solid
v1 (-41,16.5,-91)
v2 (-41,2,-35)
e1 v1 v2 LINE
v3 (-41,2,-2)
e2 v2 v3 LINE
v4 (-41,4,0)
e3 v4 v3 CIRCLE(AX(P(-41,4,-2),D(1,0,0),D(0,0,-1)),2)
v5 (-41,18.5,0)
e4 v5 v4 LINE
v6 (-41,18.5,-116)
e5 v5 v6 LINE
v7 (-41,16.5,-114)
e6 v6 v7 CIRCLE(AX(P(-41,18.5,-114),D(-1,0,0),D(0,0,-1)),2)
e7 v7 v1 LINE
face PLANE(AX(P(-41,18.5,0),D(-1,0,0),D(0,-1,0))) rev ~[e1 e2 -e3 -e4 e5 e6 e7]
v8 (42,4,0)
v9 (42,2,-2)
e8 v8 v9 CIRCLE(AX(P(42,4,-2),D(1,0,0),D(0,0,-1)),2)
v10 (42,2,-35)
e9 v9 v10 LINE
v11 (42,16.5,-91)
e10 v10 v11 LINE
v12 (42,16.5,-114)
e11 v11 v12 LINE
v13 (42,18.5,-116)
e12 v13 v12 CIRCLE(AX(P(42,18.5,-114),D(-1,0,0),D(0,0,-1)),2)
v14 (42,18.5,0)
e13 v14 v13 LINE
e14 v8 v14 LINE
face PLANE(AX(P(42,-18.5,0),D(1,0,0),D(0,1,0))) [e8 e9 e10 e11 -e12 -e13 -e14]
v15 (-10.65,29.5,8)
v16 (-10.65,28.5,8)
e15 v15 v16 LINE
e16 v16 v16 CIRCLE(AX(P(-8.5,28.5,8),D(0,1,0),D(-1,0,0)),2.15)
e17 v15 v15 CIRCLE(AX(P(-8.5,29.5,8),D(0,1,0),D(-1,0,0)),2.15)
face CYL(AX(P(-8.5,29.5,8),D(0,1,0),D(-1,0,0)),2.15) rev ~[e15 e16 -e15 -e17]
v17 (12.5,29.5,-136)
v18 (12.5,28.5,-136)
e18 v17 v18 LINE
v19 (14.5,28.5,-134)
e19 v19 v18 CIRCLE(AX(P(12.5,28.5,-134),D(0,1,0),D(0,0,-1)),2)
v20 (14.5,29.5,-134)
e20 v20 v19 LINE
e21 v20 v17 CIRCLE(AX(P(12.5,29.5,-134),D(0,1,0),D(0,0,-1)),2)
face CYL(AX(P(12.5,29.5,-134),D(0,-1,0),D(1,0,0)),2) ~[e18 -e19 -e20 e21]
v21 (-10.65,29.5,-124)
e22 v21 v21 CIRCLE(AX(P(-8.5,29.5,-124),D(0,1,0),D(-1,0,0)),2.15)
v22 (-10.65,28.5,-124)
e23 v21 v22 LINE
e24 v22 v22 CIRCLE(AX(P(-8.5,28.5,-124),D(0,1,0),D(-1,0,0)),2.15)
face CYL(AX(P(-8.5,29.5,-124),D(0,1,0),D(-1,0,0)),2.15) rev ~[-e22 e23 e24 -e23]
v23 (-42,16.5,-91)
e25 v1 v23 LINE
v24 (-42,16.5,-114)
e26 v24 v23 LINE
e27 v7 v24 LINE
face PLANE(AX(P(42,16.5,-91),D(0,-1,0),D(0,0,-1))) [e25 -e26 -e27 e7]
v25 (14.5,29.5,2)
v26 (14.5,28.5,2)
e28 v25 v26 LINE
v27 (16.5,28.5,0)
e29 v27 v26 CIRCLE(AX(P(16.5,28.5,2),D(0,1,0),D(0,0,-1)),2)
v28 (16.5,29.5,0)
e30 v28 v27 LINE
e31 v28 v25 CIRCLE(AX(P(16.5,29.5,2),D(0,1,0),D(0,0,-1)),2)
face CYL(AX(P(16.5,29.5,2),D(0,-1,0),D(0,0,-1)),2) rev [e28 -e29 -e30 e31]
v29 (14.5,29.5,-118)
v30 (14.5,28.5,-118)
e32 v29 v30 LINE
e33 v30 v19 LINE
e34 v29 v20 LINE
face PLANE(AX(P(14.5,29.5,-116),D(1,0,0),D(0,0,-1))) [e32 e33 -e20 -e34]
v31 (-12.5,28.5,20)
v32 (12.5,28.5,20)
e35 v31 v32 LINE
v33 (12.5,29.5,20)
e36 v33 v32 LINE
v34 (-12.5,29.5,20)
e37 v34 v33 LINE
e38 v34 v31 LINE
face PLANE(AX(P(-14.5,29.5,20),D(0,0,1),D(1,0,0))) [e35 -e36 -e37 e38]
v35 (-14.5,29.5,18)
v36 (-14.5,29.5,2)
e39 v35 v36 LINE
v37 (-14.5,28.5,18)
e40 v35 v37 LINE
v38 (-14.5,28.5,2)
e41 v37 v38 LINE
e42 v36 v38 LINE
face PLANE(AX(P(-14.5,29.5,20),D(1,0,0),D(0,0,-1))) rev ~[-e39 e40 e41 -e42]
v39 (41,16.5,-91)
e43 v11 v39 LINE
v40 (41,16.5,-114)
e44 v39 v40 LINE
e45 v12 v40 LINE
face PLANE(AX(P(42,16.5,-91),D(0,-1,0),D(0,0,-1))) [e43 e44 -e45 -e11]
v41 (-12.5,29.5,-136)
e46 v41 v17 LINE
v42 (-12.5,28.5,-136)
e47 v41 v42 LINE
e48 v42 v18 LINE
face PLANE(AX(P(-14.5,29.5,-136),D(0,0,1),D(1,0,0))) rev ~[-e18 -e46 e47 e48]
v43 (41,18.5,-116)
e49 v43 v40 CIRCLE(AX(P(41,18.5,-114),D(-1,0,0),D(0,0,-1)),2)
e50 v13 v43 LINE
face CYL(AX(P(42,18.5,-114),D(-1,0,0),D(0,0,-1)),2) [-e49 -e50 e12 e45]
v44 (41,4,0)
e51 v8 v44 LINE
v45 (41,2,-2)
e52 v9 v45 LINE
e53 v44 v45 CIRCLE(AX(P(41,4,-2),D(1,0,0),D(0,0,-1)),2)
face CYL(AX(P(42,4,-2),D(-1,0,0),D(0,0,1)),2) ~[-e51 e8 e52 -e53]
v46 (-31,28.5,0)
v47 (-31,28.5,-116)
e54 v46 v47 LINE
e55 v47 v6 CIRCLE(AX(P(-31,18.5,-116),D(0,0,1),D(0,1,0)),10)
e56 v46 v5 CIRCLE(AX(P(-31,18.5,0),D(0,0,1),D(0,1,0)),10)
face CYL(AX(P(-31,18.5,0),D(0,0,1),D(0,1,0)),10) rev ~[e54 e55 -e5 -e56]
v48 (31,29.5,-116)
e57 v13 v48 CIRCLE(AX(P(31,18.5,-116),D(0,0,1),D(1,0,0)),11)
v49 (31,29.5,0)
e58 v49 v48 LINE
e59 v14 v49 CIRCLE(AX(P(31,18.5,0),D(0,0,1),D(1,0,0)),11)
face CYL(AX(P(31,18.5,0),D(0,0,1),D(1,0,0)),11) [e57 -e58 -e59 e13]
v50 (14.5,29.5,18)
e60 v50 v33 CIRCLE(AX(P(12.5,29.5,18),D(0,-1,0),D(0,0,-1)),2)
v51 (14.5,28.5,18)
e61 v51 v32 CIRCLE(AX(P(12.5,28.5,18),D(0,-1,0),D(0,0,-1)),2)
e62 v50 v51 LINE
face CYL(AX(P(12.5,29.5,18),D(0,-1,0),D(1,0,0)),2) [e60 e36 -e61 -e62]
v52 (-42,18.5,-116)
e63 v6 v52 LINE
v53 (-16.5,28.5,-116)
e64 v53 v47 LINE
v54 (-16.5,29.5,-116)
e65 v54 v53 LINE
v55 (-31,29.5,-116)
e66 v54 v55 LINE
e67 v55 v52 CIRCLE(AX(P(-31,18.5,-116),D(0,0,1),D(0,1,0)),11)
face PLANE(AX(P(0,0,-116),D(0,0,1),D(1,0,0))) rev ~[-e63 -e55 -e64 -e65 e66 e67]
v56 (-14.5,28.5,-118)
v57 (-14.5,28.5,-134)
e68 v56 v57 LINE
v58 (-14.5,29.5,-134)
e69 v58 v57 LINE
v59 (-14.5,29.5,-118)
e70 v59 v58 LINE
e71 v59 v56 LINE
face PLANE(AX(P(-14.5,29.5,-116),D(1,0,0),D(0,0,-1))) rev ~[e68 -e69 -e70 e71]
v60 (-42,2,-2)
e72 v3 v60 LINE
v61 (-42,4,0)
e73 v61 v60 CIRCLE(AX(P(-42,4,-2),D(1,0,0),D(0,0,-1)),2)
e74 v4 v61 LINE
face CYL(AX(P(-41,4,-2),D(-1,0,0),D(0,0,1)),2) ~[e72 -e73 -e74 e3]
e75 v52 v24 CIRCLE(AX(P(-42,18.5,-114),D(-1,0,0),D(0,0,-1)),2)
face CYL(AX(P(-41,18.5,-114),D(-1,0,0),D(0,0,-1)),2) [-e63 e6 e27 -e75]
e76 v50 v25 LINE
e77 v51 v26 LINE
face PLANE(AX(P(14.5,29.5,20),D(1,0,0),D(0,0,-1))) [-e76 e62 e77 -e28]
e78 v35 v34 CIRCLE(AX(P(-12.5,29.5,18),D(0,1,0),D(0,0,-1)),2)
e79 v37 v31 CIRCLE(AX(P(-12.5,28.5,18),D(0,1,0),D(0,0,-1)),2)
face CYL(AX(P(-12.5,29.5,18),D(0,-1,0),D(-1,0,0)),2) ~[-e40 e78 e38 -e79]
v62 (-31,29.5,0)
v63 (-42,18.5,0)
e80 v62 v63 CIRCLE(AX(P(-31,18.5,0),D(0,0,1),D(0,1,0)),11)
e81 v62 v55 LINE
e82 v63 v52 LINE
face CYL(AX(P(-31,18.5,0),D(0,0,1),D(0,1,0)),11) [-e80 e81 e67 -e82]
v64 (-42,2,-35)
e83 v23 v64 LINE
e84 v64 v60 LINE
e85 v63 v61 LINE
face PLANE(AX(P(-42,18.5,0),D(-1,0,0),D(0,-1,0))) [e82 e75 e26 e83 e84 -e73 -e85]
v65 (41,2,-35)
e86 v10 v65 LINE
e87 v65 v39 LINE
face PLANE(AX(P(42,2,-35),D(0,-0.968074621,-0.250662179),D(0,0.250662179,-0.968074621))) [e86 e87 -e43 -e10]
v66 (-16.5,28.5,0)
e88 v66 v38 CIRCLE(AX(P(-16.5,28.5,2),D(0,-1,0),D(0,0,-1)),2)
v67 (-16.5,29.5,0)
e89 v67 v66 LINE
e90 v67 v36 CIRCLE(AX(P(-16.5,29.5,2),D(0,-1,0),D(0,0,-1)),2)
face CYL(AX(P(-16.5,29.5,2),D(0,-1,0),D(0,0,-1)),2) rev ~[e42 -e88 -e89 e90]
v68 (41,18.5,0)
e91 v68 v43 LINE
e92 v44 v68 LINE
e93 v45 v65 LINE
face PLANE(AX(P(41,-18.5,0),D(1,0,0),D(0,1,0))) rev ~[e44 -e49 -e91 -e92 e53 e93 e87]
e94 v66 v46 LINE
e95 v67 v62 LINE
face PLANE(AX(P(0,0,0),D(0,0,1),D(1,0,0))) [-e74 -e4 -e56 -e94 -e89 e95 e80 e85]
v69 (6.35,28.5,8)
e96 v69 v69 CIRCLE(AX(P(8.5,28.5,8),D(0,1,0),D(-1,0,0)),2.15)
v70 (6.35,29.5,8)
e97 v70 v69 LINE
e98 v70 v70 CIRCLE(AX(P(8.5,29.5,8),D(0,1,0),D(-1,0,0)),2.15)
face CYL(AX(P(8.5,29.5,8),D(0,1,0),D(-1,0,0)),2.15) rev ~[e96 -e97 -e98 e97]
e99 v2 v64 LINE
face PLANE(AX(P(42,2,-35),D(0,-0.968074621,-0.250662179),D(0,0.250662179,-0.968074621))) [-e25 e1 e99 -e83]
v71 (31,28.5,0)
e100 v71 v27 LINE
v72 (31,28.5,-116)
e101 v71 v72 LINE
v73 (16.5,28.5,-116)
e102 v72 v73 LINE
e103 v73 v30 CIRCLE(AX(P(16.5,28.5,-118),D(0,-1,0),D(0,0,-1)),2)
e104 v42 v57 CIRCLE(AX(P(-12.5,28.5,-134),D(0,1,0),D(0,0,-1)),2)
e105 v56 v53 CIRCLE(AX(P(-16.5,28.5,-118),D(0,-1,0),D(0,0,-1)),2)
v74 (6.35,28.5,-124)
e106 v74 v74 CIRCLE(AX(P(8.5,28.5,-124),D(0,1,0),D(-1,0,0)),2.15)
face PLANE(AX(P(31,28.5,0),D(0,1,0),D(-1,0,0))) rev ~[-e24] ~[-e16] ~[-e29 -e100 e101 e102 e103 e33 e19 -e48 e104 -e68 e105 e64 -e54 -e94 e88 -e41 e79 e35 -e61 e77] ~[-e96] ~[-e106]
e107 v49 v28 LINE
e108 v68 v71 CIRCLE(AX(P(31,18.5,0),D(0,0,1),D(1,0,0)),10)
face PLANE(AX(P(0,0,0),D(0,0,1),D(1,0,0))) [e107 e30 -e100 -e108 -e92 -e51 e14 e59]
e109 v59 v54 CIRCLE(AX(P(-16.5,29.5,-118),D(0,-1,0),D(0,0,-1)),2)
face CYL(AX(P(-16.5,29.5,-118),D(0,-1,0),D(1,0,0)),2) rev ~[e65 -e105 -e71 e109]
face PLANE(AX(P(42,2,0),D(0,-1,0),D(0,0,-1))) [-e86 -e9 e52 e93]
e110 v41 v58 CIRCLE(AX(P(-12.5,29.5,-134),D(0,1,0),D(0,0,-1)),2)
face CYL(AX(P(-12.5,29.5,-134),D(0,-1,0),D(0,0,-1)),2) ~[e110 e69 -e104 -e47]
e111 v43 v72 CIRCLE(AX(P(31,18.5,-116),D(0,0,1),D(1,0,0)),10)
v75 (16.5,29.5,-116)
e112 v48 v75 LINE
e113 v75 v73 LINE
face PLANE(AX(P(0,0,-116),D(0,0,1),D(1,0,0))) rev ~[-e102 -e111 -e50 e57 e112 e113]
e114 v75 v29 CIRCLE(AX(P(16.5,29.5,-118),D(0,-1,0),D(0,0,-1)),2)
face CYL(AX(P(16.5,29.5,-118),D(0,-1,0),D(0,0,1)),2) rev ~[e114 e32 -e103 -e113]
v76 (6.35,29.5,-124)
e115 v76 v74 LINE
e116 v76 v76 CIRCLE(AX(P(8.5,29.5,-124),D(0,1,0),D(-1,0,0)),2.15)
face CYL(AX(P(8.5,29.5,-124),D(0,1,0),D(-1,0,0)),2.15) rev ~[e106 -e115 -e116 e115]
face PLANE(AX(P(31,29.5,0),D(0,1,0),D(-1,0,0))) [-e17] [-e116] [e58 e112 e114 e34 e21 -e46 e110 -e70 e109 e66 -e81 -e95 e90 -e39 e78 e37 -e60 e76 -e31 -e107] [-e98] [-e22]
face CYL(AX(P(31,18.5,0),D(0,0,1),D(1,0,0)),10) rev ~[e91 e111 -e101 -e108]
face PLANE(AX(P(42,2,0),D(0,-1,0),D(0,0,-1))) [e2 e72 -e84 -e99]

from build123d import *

# Parameters (mm, degrees)
BOSS_EXTRUDE1_DEPTH = 116
SKETCH2_W           = 29
SKETCH2_H           = 20
BOSS_EXTRUDE2_DEPTH = 1
CUT_EXTRUDE1_DEPTH  = 163.549223314
FILLET1_R           = 2
SKETCH4_R           = 2.15
CUT_EXTRUDE2_DEPTH  = 1


with BuildPart() as part:
    # Sketch1 → Boss-Extrude1 (new body)
    with BuildSketch(Plane.XY):
        with BuildLine():
            Line((42, -18.5), (42, 18.5))
            ThreePointArc((42, 18.5), (38.778174593, 26.278174593), (31, 29.5))
            Line((31, 29.5), (-31, 29.5))
            ThreePointArc((-31, 29.5), (-38.778174593, 26.278174593), (-42, 18.5))
            Line((-42, 18.5), (-42, -18.5))
            ThreePointArc((-42, -18.5), (-38.778174593, -26.278174593), (-31, -29.5))
            Line((-31, -29.5), (31, -29.5))
            ThreePointArc((31, -29.5), (38.778174593, -26.278174593), (42, -18.5))
        make_face()
        with BuildLine():
            ThreePointArc((-41, -18.5), (-38.071067812, -25.571067812), (-31, -28.5))
            Line((-31, -28.5), (31, -28.5))
            ThreePointArc((31, -28.5), (38.071067812, -25.571067812), (41, -18.5))
            Line((41, -18.5), (41, 18.5))
            ThreePointArc((41, 18.5), (38.071067812, 25.571067812), (31, 28.5))
            Line((31, 28.5), (-31, 28.5))
            ThreePointArc((-31, 28.5), (-38.071067812, 25.571067812), (-41, 18.5))
            Line((-41, 18.5), (-41, -18.5))
        make_face(mode=Mode.SUBTRACT)
    extrude(amount=-BOSS_EXTRUDE1_DEPTH)

    # Sketch2 → Boss-Extrude2 (add)
    with BuildSketch(Plane(origin=(0, 29.5, 0), x_dir=(1, 0, 0), z_dir=(0, 1, 0))):
        with Locations((0, -10)):
            Rectangle(SKETCH2_W, SKETCH2_H)
        with Locations((0, 126)):
            Rectangle(SKETCH2_W, SKETCH2_H)
    extrude(amount=-BOSS_EXTRUDE2_DEPTH)

    # Sketch3 → Cut-Extrude1 (cut, through all)
    with BuildSketch(Plane(origin=(42, 0, 0), x_dir=(0, 0, -1), z_dir=(1, 0, 0))):
        Polygon((0, 2), (35, 2), (91, 16.5), (116, 16.5), (116, -29.5), (0, -29.5), align=None)
    extrude(amount=-CUT_EXTRUDE1_DEPTH, mode=Mode.SUBTRACT)

    # Fillet1
    fillet1_edges = [part.edges().sort_by_distance(p)[0] for p in [
        (-41.5, 16.5, -116),
        (-14.5, 29, -136),
        (-14.5, 29, -116),
        (14.5, 29, -116),
        (14.5, 29, -136),
        (41.5, 16.5, -116),
        (-14.5, 29, 20),
        (14.5, 29, 20),
        (-14.5, 29, 0),
        (-41.5, 2, 0),
        (14.5, 29, 0),
        (41.5, 2, 0),
    ]]
    fillet(fillet1_edges, radius=FILLET1_R)

    # Sketch4 → Cut-Extrude2 (cut)
    with BuildSketch(Plane(origin=(0, 29.5, 0), x_dir=(1, 0, 0), z_dir=(0, 1, 0))):
        with Locations(Location((8.5, 124, 0), (0, 0, 180))):
            Circle(SKETCH4_R)
        with Locations(Location((-8.5, 124, 0), (0, 0, 180))):
            Circle(SKETCH4_R)
        with Locations(Location((8.5, -8, 0), (0, 0, 180))):
            Circle(SKETCH4_R)
        with Locations(Location((-8.5, -8, 0), (0, 0, 180))):
            Circle(SKETCH4_R)
    extrude(amount=-CUT_EXTRUDE2_DEPTH, mode=Mode.SUBTRACT)


solid = part.part
